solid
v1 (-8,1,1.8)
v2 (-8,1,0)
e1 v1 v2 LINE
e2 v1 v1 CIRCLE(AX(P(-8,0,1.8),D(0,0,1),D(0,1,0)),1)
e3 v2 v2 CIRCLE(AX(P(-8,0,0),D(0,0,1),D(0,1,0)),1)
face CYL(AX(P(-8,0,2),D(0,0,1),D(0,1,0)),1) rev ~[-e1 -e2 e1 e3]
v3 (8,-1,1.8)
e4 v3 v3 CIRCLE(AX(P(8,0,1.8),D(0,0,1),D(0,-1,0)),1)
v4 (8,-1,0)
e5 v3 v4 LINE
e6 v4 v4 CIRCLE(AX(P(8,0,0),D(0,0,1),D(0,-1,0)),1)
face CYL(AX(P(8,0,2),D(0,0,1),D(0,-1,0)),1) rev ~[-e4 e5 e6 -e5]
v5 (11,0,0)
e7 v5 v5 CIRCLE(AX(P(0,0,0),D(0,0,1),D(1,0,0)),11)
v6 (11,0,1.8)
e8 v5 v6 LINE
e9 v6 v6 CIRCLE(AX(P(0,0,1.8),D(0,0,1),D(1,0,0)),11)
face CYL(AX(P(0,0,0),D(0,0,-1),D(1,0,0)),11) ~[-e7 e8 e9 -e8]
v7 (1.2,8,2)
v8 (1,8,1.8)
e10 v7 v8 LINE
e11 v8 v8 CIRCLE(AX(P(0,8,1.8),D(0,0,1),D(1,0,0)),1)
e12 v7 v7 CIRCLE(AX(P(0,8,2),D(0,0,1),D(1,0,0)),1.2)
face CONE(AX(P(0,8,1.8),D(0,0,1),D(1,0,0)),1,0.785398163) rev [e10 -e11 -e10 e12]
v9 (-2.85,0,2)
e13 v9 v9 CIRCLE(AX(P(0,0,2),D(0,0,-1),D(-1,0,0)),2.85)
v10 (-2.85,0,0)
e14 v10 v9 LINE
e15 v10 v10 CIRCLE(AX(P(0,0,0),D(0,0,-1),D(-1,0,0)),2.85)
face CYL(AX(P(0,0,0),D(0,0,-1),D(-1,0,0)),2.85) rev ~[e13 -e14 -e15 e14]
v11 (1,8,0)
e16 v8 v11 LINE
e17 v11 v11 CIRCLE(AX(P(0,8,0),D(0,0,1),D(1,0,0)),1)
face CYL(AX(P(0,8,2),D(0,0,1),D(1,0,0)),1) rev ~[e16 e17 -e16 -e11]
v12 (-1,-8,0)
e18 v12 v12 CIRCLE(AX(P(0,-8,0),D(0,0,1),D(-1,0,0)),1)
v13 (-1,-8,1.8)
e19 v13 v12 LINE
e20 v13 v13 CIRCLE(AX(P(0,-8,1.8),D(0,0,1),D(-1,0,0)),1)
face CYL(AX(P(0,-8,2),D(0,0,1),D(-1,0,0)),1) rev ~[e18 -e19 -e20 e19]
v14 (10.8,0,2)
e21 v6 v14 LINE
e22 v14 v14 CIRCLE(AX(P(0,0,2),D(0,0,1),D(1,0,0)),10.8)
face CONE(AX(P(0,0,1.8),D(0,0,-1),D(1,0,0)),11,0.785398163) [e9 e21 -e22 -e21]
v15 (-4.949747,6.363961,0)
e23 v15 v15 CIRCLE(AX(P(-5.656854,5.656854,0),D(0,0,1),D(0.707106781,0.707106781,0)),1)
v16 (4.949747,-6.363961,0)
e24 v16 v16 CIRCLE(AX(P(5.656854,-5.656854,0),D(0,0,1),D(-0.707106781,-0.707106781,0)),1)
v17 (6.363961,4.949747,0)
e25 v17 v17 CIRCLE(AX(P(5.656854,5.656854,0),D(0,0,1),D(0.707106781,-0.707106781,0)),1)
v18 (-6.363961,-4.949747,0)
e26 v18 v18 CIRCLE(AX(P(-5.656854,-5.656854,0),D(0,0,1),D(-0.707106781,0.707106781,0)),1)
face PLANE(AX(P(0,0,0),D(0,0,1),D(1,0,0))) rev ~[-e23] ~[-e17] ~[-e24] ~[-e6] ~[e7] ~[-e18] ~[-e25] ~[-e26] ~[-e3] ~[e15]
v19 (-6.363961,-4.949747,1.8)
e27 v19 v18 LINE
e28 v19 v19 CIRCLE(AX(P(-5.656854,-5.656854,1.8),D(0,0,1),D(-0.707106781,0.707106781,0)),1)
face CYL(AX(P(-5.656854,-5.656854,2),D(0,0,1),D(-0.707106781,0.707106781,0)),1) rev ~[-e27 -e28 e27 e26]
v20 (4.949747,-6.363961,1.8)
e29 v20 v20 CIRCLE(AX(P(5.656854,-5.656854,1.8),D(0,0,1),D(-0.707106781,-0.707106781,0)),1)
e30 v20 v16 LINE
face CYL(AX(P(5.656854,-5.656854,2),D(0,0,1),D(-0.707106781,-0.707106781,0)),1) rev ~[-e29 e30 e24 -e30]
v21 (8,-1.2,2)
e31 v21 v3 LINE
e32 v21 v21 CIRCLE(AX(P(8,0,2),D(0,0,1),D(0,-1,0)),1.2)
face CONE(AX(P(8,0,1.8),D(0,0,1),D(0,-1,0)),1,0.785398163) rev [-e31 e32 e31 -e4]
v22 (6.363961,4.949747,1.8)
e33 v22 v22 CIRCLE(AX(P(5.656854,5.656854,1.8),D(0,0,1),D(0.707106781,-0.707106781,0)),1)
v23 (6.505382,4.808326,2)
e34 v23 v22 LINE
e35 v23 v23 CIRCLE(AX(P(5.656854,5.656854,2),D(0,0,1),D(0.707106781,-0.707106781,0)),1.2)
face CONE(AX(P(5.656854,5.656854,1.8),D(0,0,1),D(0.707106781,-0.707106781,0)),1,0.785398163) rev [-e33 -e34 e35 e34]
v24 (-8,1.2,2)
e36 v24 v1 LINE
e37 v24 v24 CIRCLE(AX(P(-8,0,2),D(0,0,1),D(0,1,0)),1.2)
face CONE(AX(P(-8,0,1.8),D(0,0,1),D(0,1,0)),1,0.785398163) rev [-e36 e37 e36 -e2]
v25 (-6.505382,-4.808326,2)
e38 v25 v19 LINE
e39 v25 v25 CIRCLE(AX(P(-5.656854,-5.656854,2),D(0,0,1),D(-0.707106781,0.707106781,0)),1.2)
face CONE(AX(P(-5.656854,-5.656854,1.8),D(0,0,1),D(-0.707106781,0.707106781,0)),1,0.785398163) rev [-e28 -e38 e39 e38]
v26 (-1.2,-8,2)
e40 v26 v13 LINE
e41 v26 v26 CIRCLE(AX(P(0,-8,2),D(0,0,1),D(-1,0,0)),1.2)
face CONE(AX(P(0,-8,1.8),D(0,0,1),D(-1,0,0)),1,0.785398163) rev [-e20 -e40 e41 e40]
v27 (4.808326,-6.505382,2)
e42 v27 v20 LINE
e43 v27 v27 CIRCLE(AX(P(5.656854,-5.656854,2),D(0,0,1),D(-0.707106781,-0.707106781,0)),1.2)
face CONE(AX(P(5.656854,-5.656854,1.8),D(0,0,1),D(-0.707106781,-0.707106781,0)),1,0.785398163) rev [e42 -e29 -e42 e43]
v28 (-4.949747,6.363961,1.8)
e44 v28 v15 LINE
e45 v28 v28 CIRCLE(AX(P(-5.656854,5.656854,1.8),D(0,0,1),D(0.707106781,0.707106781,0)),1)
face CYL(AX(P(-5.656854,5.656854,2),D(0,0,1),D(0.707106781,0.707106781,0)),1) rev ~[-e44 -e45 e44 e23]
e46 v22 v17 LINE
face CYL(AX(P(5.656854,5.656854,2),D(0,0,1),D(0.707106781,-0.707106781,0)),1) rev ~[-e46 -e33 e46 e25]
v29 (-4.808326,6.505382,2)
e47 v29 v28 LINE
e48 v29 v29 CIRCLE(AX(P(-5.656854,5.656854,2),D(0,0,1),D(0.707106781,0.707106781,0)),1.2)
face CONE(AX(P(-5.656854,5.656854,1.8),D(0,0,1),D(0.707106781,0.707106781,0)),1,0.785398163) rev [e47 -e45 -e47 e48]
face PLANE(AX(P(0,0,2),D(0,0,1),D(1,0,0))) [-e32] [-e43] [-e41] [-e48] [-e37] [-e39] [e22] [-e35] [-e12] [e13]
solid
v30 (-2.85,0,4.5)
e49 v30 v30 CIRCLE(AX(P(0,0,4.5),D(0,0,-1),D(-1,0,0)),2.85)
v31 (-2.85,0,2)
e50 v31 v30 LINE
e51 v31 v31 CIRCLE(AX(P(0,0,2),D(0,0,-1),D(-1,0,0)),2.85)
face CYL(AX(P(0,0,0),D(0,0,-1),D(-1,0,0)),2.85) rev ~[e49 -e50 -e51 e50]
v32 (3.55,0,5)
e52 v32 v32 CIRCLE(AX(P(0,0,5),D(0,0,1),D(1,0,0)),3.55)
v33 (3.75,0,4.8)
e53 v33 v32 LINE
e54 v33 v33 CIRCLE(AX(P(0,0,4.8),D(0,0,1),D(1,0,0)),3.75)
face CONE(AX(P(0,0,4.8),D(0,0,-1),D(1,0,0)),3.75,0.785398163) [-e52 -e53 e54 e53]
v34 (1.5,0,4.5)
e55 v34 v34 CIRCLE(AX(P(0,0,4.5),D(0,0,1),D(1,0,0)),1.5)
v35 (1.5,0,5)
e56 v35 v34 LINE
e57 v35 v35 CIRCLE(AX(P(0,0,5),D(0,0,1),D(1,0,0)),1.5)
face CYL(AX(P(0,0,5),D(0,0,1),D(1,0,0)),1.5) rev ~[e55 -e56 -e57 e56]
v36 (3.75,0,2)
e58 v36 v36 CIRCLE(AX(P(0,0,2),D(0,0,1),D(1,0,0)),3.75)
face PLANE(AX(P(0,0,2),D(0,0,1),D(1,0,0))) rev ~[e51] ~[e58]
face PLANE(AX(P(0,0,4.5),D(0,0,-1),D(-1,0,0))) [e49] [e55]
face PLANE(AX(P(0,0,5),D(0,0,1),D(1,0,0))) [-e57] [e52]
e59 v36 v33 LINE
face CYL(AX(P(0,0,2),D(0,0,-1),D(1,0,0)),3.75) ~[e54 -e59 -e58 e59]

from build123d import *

# Parameters (mm, degrees)
SKETCH1_R           = 11
BOSS_EXTRUDE2_DEPTH = 2
SKETCH2_R           = 3.75
BOSS_EXTRUDE3_DEPTH = 3
SKETCH3_R           = 2.85
CUT_EXTRUDE1_DEPTH  = 4.5
SKETCH4_R           = 1.5
CUT_EXTRUDE2_DEPTH  = 17.340134638
SKETCH6_R           = 1
CUT_EXTRUDE3_DEPTH  = 16.842979518
CIRPATTERN1_COUNT   = 8
CHAMFER1_SIZE       = 0.2
CHAMFER2_SIZE       = 0.2
CHAMFER3_SIZE       = 0.2
CHAMFER4_SIZE       = 0.2
CHAMFER5_SIZE       = 0.2


with BuildPart() as part:
    # Sketch1 → Boss-Extrude2 (new body)
    with BuildSketch(Plane.XY):
        Circle(SKETCH1_R)
    extrude(amount=BOSS_EXTRUDE2_DEPTH)


with BuildPart() as body_2:
    # Sketch2 → Boss-Extrude3 (new body)
    with BuildSketch(Plane.XY.offset(2)):
        Circle(SKETCH2_R)
    extrude(amount=BOSS_EXTRUDE3_DEPTH)


with BuildPart() as cut_extrude1_tool:
    # Sketch3 → Cut-Extrude1 (new body)
    with BuildSketch(Plane(origin=(0, 0, 0), x_dir=(-1, 0, 0), z_dir=(0, 0, -1))):
        Circle(SKETCH3_R)
    extrude(amount=-CUT_EXTRUDE1_DEPTH)


with BuildPart() as part_1:
    add(part.part)

    # Cut-Extrude1: cut by cut_extrude1_tool
    add(cut_extrude1_tool.part, mode=Mode.SUBTRACT)

    # Sketch6 → Cut-Extrude3 (cut, through all)
    with BuildSketch(Plane.XY.offset(2)):
        with Locations((0, 8)):
            Circle(SKETCH6_R)
    cut_extrude3 = extrude(amount=-CUT_EXTRUDE3_DEPTH, mode=Mode.SUBTRACT)

    # CirPattern1: Cut-Extrude3 ×8 about axis
    cirpattern1_axis = Axis((0, 0, 0), (0, 0, 1))
    for i in range(1, CIRPATTERN1_COUNT):
        add(cut_extrude3.rotate(cirpattern1_axis, i * 360 / CIRPATTERN1_COUNT), mode=Mode.SUBTRACT)

    # Chamfer1
    chamfer1_edges = [part_1.edges().sort_by_distance(p)[0] for p in [
        (-11, 0, 2),
    ]]
    chamfer(chamfer1_edges, length=CHAMFER1_SIZE)

    # Chamfer3
    chamfer3_edges = [part_1.edges().sort_by_distance(p)[0] for p in [
        (-1, 8, 2),
    ]]
    chamfer(chamfer3_edges, length=CHAMFER3_SIZE)

    # Chamfer4
    chamfer4_edges = [part_1.edges().sort_by_distance(p)[0] for p in [
        (8, 1, 2),
        (4.949747468, 6.363961031, 2),
    ]]
    chamfer(chamfer4_edges, length=CHAMFER4_SIZE)

    # Chamfer5
    chamfer5_edges = [part_1.edges().sort_by_distance(p)[0] for p in [
        (-6.363961031, 4.949747468, 2),
        (-8, -1, 2),
        (-4.949747468, -6.363961031, 2),
        (1, -8, 2),
        (6.363961031, -4.949747468, 2),
    ]]
    chamfer(chamfer5_edges, length=CHAMFER5_SIZE)


with BuildPart() as body_2_1:
    add(body_2.part)

    # Cut-Extrude1: cut by cut_extrude1_tool
    add(cut_extrude1_tool.part, mode=Mode.SUBTRACT)

    # Sketch4 → Cut-Extrude2 (cut, through all)
    with BuildSketch(Plane.XY.offset(5)):
        Circle(SKETCH4_R)
    extrude(amount=-CUT_EXTRUDE2_DEPTH, mode=Mode.SUBTRACT)

    # Chamfer2
    chamfer2_edges = [body_2_1.edges().sort_by_distance(p)[0] for p in [
        (-3.75, 0, 5),
    ]]
    chamfer(chamfer2_edges, length=CHAMFER2_SIZE)


solid = Compound([part_1.part, body_2_1.part])
